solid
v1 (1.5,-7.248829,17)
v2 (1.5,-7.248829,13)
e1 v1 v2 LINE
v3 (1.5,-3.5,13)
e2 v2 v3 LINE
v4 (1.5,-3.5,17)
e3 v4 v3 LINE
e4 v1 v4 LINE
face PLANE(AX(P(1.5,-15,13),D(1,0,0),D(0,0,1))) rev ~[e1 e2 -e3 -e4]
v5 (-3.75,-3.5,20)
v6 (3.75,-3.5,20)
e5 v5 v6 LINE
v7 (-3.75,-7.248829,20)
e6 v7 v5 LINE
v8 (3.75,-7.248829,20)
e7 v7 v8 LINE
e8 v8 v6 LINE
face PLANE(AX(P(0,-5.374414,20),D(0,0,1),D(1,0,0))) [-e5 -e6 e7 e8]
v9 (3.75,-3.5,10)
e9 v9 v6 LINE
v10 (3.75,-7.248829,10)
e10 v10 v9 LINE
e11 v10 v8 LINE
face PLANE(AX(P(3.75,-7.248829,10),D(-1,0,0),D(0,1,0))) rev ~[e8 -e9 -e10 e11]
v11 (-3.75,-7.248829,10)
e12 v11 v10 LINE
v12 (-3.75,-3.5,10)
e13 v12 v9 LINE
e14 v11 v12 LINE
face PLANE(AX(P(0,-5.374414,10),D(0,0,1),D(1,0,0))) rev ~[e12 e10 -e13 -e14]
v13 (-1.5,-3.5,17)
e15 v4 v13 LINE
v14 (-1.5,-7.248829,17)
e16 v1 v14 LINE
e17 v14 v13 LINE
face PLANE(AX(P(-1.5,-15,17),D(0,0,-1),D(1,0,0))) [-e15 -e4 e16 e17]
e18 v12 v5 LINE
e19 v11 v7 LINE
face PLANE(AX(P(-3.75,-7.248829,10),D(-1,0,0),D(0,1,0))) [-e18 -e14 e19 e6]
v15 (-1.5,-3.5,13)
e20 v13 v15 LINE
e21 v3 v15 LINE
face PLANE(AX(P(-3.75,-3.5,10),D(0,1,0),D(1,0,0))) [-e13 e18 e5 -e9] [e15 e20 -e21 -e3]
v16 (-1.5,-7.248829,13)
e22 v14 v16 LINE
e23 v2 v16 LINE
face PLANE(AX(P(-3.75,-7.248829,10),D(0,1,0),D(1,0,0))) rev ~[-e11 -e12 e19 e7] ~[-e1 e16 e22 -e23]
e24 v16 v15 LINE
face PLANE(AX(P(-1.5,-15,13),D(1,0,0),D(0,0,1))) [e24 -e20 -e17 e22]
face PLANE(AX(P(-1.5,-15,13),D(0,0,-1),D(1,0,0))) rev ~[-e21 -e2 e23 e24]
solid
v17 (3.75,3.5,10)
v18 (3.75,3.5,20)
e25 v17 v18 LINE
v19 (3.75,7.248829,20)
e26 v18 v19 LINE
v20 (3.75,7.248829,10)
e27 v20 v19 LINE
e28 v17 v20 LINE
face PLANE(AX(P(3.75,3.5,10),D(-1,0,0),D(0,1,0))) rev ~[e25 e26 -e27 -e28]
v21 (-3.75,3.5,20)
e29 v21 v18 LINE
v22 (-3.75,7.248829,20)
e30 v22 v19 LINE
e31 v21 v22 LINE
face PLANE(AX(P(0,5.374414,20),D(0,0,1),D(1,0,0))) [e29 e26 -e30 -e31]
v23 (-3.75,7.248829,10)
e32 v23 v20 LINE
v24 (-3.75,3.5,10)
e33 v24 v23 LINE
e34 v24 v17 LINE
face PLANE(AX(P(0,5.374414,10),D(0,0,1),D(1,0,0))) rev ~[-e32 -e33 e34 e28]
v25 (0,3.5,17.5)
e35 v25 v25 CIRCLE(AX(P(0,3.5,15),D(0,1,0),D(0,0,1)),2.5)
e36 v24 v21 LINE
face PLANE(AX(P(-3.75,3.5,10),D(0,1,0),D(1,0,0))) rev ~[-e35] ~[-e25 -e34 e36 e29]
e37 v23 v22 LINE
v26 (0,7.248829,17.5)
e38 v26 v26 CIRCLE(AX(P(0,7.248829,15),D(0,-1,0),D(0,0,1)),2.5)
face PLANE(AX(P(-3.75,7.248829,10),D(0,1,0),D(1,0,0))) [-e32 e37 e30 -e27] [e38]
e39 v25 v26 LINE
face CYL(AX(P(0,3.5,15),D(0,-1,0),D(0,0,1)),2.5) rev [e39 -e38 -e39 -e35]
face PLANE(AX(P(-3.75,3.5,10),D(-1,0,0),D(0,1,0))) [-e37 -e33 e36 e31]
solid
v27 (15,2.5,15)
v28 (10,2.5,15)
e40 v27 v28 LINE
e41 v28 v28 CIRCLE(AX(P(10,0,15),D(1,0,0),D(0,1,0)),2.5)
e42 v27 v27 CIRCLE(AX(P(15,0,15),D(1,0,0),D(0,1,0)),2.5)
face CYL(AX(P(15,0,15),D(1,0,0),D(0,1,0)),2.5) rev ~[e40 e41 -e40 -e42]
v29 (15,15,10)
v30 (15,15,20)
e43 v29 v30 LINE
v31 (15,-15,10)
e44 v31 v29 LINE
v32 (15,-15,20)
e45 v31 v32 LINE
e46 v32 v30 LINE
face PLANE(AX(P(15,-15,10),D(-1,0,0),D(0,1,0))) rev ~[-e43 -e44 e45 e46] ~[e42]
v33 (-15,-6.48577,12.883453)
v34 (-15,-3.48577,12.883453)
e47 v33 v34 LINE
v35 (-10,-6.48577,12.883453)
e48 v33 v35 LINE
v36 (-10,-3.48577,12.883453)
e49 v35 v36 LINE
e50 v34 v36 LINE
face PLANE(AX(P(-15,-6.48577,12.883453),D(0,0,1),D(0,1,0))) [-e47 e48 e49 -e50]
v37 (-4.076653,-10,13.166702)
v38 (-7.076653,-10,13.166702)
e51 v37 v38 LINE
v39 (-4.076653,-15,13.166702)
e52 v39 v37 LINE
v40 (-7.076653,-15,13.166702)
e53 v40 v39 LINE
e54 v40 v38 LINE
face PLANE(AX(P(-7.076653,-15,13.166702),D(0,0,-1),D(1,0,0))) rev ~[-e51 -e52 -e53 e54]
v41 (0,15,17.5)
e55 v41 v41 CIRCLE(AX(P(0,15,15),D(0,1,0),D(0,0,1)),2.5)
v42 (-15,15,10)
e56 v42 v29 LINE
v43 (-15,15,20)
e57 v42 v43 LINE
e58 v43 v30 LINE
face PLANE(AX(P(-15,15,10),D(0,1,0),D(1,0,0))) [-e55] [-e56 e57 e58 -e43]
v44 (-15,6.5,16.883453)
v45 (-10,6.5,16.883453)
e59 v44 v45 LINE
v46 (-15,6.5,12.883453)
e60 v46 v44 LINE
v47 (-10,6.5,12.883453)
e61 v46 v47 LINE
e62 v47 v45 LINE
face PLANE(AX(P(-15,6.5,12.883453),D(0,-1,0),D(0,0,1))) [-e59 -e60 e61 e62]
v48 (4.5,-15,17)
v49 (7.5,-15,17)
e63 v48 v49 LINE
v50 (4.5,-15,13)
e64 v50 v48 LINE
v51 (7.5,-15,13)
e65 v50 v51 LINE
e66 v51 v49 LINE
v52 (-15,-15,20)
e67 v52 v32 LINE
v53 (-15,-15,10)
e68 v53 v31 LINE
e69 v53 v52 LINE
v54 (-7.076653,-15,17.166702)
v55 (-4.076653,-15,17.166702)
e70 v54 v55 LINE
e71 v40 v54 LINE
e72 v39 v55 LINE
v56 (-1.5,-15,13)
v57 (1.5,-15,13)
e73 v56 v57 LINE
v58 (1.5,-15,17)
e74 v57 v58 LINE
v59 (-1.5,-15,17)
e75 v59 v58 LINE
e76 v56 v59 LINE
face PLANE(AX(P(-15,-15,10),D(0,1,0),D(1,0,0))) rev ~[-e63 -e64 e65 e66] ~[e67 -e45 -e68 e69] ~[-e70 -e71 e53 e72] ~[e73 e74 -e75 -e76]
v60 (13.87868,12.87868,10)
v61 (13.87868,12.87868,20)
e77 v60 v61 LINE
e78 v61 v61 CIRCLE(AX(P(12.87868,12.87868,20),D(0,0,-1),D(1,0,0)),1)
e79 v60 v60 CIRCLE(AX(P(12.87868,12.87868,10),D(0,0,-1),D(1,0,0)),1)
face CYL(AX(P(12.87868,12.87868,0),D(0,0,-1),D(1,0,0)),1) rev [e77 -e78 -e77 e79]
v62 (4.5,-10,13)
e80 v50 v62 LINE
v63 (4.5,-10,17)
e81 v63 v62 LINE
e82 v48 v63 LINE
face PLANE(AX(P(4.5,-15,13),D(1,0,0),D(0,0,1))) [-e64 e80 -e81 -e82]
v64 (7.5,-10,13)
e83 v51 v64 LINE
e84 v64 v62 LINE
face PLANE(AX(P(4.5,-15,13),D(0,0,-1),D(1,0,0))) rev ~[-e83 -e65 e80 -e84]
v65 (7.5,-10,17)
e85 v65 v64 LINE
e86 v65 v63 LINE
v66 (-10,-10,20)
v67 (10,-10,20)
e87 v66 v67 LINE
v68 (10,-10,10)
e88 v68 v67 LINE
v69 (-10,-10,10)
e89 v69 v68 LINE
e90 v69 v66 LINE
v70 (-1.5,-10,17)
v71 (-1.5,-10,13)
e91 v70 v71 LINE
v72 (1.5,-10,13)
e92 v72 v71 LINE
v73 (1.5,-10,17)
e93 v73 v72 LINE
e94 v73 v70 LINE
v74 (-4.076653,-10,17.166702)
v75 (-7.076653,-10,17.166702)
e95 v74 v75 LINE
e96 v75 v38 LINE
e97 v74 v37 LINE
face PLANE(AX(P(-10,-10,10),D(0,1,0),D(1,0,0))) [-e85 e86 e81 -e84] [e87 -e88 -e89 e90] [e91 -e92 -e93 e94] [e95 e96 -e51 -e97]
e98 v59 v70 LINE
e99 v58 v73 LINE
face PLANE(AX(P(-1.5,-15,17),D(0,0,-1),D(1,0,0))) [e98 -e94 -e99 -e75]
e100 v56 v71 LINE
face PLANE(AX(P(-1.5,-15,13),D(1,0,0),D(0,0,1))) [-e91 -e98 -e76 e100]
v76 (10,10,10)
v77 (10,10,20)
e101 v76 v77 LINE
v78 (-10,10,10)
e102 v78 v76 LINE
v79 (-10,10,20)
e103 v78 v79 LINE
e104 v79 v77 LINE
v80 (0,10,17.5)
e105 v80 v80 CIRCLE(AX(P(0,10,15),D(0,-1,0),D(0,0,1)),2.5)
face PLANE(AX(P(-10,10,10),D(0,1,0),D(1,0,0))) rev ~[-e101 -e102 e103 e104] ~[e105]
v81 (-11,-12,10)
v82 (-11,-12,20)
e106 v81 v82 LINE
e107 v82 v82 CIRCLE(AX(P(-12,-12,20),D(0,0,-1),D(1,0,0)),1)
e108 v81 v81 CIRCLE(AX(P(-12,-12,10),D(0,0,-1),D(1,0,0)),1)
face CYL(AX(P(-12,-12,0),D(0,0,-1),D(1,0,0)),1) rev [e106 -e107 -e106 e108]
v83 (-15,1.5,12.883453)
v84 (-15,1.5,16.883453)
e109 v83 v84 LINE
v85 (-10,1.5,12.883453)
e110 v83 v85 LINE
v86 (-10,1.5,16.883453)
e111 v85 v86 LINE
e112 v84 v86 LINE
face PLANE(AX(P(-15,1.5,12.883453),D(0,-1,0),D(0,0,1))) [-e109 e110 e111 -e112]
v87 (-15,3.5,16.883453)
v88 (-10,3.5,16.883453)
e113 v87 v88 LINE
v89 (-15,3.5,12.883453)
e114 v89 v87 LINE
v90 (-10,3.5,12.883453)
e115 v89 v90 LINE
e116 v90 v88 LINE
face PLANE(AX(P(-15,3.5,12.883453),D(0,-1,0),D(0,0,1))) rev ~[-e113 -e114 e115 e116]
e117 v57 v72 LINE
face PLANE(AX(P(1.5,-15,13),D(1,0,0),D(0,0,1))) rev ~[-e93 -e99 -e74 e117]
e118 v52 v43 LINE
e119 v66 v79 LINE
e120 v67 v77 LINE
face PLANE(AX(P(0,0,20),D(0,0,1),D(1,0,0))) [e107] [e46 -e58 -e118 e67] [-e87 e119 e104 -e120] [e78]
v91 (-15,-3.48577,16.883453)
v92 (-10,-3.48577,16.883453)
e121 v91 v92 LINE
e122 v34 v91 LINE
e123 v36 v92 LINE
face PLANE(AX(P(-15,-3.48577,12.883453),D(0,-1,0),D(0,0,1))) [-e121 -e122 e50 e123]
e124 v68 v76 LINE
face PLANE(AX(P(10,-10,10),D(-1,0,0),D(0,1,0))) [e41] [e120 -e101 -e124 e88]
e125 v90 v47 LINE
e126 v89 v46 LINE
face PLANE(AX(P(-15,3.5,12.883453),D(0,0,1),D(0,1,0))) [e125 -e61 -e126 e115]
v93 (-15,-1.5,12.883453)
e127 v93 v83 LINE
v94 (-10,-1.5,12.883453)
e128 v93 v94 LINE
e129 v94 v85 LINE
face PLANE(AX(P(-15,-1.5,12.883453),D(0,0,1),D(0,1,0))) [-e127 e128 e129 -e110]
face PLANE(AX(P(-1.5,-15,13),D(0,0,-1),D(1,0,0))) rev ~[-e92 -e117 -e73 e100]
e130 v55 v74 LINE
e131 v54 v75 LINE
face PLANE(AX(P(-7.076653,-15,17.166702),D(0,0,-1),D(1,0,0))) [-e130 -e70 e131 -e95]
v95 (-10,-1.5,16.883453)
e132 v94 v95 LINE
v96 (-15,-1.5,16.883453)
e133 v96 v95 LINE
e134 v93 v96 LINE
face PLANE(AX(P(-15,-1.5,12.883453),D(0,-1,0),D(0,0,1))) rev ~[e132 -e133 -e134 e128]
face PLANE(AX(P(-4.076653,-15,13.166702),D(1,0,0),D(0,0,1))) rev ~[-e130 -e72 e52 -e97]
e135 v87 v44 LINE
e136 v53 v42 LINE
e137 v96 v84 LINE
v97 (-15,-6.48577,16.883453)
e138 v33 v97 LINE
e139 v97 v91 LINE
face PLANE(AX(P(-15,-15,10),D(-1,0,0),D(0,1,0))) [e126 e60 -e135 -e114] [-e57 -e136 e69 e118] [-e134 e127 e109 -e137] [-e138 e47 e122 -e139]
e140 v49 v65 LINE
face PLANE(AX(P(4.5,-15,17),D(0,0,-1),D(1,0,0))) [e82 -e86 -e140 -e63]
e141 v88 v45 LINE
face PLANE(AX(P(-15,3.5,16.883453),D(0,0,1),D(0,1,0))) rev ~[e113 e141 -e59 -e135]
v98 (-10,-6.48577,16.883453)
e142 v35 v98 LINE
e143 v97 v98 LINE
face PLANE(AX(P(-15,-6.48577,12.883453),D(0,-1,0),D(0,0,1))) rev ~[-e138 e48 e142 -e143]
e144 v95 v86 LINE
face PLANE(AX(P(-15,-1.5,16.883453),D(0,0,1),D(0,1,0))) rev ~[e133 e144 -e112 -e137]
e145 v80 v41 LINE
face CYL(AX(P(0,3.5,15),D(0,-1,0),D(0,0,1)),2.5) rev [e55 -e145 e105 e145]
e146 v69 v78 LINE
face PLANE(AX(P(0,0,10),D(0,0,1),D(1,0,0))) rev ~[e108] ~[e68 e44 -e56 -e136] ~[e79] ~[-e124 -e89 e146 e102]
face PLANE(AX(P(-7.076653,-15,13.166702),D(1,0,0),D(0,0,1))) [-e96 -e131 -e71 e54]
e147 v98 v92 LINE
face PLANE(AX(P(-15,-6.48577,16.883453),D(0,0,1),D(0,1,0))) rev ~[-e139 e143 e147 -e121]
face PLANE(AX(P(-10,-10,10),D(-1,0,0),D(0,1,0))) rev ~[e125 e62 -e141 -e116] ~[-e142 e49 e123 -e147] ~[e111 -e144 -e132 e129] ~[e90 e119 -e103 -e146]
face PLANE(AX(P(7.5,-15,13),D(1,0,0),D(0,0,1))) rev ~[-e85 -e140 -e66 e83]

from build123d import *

# Parameters (mm, degrees)
SKETCH1_W             = 30
SKETCH1_H             = 30
BOSS_EXTRUDE1_DEPTH   = 10
SKETCH2_W             = 30
SKETCH2_H             = 30
SKETCH2_W_2           = 20
SKETCH2_H_2           = 20
BOSS_EXTRUDE2_DEPTH   = 10
SKETCH2_W_3           = 7.5
SKETCH2_H_3           = 3.748828889
BOSS_EXTRUDE2_2_DEPTH = 10
BOSS_EXTRUDE2_3_DEPTH = 10
SKETCH3_W             = 30
SKETCH3_H             = 30
BOSS_EXTRUDE3_DEPTH   = 10
SKETCH4_R             = 3.1
CUT_EXTRUDE1_DEPTH    = 10
SKETCH5_R             = 3.1
CUT_EXTRUDE2_DEPTH    = 10
CUT_EXTRUDE3_START    = -30
SKETCH8_R             = 1
CUT_EXTRUDE3_DEPTH    = 30
CUT_EXTRUDE5_START    = -11.5
SKETCH9_R             = 2.5
CUT_EXTRUDE5_DEPTH    = 11.5
SKETCH10_R            = 2.5
CUT_EXTRUDE6_DEPTH    = 10
SKETCH11_W            = 4
SKETCH11_H            = 3
CUT_EXTRUDE7_DEPTH    = 9
SKETCH13_W            = 3
SKETCH13_H            = 4
CUT_EXTRUDE9_DEPTH    = 13


with BuildPart() as part:
    # Sketch1 → Boss-Extrude1 (new body)
    with BuildSketch(Plane.XY):
        Rectangle(SKETCH1_W, SKETCH1_H)
    extrude(amount=BOSS_EXTRUDE1_DEPTH)

    # Sketch5 → Cut-Extrude2 (cut)
    with BuildSketch(Plane(origin=(0, 0, 0), x_dir=(-1, 0, 0), z_dir=(0, 0, -1))):
        with Locations((-6, -0.372899474)):
            Circle(SKETCH5_R)
    extrude(amount=-CUT_EXTRUDE2_DEPTH, mode=Mode.SUBTRACT)


with BuildPart() as body_2:
    # Sketch2 → Boss-Extrude2 (new body)
    with BuildSketch(Plane.XY.offset(10)):
        Rectangle(SKETCH2_W, SKETCH2_H)
        Rectangle(SKETCH2_W_2, SKETCH2_H_2, mode=Mode.SUBTRACT)
    extrude(amount=BOSS_EXTRUDE2_DEPTH)


with BuildPart() as body_3:
    # Sketch2 → Boss-Extrude2 2 (new body)
    with BuildSketch(Plane.XY.offset(10)):
        with Locations((0, 5.374414445)):
            Rectangle(SKETCH2_W_3, SKETCH2_H_3)
    extrude(amount=BOSS_EXTRUDE2_2_DEPTH)


with BuildPart() as body_4:
    # Sketch2 → Boss-Extrude2 3 (new body)
    with BuildSketch(Plane.XY.offset(10)):
        with Locations((0, -5.374414445)):
            Rectangle(SKETCH2_W_3, SKETCH2_H_3)
    extrude(amount=BOSS_EXTRUDE2_3_DEPTH)


with BuildPart() as body_5:
    # Sketch3 → Boss-Extrude3 (new body)
    with BuildSketch(Plane.XY.offset(20)):
        Rectangle(SKETCH3_W, SKETCH3_H)
    extrude(amount=BOSS_EXTRUDE3_DEPTH)

    # Sketch4 → Cut-Extrude1 (cut)
    with BuildSketch(Plane.XY.offset(30)):
        with Locations((-6, 0)):
            Circle(SKETCH4_R)
    extrude(amount=-CUT_EXTRUDE1_DEPTH, mode=Mode.SUBTRACT)


with BuildPart() as cut_extrude3_tool:
    # Sketch8 → Cut-Extrude3 (new body)
    with BuildSketch(Plane.XY.offset(30).offset(CUT_EXTRUDE3_START)):
        with Locations((-12, -12)):
            Circle(SKETCH8_R)
        with Locations((12.878679656, 12.878679656)):
            Circle(SKETCH8_R)
    extrude(amount=CUT_EXTRUDE3_DEPTH)


with BuildPart() as part_1:
    add(part.part)

    # Cut-Extrude3: cut by cut_extrude3_tool
    add(cut_extrude3_tool.part, mode=Mode.SUBTRACT)


with BuildPart() as body_2_1:
    add(body_2.part)

    # Cut-Extrude3: cut by cut_extrude3_tool
    add(cut_extrude3_tool.part, mode=Mode.SUBTRACT)


with BuildPart() as body_5_1:
    add(body_5.part)

    # Cut-Extrude3: cut by cut_extrude3_tool
    add(cut_extrude3_tool.part, mode=Mode.SUBTRACT)


with BuildPart() as cut_extrude5_tool:
    # Sketch9 → Cut-Extrude5 (new body)
    with BuildSketch(Plane(origin=(0, 15, 0), x_dir=(1, 0, 0), z_dir=(0, 1, 0)).offset(CUT_EXTRUDE5_START)):
        with Locations(Location((0, -15, 0), (0, 0, 270))):
            Circle(SKETCH9_R)
    extrude(amount=CUT_EXTRUDE5_DEPTH)


with BuildPart() as body_2_2:
    add(body_2_1.part)

    # Cut-Extrude5: cut by cut_extrude5_tool
    add(cut_extrude5_tool.part, mode=Mode.SUBTRACT)

    # Sketch10 → Cut-Extrude6 (cut)
    with BuildSketch(Plane(origin=(15, 0, 0), x_dir=(0, 0, -1), z_dir=(1, 0, 0))):
        with Locations(Location((-15, 0, 0), (0, 0, 90))):
            Circle(SKETCH10_R)
    extrude(amount=-CUT_EXTRUDE6_DEPTH, mode=Mode.SUBTRACT)

    # Sketch11 → Cut-Extrude7 (cut)
    with BuildSketch(Plane.ZY.offset(15)):
        with Locations((14.883452823, 5)):
            Rectangle(SKETCH11_W, SKETCH11_H)
        with Locations((14.883452823, 0)):
            Rectangle(SKETCH11_W, SKETCH11_H)
        with Locations((14.883452823, -4.985769597)):
            Rectangle(SKETCH11_W, SKETCH11_H)
    extrude(amount=-CUT_EXTRUDE7_DEPTH, mode=Mode.SUBTRACT)


with BuildPart() as body_3_1:
    add(body_3.part)

    # Cut-Extrude5: cut by cut_extrude5_tool
    add(cut_extrude5_tool.part, mode=Mode.SUBTRACT)


with BuildPart() as cut_extrude9_tool:
    # Sketch13 → Cut-Extrude9 (new body)
    with BuildSketch(Plane.XZ.offset(15)):
        with Locations((0, 15)):
            Rectangle(SKETCH13_W, SKETCH13_H)
        with Locations((6, 15)):
            Rectangle(SKETCH13_W, SKETCH13_H)
        with Locations((-5.576653418, 15.166702073)):
            Rectangle(SKETCH13_W, SKETCH13_H)
    extrude(amount=-CUT_EXTRUDE9_DEPTH)


with BuildPart() as body_2_3:
    add(body_2_2.part)

    # Cut-Extrude9: cut by cut_extrude9_tool
    add(cut_extrude9_tool.part, mode=Mode.SUBTRACT)


with BuildPart() as body_4_1:
    add(body_4.part)

    # Cut-Extrude9: cut by cut_extrude9_tool
    add(cut_extrude9_tool.part, mode=Mode.SUBTRACT)


solid = Compound([body_3_1.part, body_2_3.part, body_4_1.part])
